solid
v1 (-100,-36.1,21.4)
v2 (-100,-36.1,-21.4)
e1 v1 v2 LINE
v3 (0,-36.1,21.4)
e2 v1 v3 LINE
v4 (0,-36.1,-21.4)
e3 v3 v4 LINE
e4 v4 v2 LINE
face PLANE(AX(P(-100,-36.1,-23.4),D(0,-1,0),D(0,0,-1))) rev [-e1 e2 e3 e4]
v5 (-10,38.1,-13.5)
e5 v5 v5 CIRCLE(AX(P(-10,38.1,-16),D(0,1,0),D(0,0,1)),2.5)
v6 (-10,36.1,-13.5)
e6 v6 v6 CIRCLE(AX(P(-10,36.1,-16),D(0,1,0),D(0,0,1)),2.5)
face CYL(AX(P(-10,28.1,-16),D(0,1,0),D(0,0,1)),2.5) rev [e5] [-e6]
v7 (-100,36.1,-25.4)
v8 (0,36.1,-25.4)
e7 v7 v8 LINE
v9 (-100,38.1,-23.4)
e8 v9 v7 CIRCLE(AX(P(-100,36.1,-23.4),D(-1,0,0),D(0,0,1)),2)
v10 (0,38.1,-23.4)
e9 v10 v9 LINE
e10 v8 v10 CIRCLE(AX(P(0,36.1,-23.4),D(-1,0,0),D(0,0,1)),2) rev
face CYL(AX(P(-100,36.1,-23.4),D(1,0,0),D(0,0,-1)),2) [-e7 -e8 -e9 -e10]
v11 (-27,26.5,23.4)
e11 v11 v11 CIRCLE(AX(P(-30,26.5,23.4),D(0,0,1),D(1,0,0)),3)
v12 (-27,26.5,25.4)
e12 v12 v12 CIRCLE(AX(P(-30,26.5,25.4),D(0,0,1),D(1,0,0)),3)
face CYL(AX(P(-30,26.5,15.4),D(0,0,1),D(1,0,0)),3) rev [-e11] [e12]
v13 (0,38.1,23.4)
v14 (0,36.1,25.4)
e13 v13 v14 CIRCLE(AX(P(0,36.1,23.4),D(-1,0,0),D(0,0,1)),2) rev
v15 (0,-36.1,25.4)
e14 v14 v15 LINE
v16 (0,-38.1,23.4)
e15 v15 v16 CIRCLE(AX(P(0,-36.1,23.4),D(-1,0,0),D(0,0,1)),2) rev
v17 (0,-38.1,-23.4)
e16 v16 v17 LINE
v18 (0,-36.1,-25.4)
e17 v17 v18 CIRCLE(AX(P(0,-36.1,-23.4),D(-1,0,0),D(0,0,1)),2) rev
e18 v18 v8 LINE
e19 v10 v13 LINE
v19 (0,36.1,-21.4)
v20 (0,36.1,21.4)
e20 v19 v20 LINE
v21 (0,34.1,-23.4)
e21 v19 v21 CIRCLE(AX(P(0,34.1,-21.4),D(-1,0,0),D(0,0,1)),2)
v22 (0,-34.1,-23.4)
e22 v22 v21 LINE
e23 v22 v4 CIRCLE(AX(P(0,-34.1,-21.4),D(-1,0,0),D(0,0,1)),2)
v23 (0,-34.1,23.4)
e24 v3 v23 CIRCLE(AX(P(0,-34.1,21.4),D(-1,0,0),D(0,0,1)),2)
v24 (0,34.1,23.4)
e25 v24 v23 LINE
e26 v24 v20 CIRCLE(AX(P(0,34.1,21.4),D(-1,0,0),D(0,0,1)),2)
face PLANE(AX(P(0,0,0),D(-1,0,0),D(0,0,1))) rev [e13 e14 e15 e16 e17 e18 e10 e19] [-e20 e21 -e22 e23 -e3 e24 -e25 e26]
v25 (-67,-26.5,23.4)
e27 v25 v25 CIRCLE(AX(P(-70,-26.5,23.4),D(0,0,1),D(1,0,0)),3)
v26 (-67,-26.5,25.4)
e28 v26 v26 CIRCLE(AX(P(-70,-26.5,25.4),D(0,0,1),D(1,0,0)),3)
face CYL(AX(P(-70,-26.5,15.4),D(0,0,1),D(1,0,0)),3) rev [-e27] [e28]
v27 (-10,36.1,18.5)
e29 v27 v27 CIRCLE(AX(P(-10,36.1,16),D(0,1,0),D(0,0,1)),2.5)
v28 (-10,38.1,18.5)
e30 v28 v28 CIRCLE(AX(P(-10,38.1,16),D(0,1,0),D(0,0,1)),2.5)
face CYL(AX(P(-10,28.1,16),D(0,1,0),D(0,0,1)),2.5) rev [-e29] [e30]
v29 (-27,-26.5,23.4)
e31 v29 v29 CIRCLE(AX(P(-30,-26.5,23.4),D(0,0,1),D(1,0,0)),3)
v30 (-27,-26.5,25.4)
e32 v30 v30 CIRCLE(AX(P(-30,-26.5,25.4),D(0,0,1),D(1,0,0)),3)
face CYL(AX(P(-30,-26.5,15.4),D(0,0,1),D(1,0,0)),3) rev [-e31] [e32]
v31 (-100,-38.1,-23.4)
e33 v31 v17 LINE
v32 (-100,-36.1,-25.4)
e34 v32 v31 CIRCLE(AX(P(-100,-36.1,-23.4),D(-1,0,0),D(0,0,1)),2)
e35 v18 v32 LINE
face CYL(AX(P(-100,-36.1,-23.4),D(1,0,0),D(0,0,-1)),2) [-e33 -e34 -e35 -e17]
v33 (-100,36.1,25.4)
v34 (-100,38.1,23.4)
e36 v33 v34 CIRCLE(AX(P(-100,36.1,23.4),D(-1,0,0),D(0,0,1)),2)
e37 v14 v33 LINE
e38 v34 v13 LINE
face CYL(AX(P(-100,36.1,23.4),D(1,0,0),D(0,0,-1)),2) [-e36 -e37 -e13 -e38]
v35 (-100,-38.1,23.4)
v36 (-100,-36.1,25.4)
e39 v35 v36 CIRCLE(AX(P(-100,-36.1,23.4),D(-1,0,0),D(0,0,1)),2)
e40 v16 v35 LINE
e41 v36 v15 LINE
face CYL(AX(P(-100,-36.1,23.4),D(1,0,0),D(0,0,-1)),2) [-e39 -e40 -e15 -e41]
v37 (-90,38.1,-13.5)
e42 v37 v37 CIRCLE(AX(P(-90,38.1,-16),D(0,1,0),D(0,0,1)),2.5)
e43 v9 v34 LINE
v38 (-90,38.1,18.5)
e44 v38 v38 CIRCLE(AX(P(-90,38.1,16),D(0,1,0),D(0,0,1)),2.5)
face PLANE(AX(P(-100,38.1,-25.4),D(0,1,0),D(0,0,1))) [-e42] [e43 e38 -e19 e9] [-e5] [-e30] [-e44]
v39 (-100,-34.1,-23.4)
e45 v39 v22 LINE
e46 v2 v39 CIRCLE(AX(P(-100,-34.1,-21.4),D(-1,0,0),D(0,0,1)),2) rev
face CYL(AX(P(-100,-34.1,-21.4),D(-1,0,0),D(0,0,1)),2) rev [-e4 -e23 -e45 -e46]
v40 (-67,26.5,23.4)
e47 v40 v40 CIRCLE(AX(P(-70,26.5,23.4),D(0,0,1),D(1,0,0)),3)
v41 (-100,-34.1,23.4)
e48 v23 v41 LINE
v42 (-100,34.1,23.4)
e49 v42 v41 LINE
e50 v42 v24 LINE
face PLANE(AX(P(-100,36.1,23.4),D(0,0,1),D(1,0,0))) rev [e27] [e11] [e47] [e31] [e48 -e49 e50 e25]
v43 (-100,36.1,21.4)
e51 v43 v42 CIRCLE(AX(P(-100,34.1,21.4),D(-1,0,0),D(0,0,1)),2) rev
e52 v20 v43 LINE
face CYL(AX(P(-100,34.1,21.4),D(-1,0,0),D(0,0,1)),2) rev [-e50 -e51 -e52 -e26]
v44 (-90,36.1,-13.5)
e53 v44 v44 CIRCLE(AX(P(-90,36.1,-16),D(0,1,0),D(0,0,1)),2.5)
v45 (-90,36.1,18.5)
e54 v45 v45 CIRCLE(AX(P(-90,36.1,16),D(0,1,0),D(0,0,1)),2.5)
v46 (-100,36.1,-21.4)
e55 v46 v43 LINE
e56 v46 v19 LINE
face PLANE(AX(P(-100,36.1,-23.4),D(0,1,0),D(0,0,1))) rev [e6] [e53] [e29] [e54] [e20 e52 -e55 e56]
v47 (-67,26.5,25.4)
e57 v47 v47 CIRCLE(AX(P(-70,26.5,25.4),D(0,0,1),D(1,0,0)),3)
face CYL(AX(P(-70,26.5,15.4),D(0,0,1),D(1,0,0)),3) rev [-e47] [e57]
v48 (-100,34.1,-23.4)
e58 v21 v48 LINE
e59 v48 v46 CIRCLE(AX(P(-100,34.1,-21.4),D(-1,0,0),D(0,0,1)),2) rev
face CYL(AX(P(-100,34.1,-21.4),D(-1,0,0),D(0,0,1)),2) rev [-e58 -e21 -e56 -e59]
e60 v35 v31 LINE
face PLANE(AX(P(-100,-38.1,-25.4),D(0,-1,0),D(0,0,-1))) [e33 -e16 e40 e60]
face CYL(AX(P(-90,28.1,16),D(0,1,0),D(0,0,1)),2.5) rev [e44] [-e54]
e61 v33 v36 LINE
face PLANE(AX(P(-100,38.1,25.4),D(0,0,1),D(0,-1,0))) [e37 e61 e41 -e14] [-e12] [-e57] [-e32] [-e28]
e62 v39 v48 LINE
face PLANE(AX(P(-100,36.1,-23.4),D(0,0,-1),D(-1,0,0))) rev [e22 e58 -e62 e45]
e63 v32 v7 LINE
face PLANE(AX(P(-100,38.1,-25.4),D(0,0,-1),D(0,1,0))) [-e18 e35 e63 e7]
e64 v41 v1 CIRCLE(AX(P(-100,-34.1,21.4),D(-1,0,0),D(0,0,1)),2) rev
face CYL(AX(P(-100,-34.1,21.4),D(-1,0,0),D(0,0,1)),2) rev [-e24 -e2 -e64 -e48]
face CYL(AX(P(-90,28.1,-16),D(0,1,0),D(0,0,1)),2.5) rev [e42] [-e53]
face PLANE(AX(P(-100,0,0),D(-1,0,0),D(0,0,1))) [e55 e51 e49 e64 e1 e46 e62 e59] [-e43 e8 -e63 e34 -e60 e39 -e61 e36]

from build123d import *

# Parameters (mm, degrees)
SKETCH1_W             = 50.8
SKETCH1_H             = 76.2
BOSS_EXTRUDE1_DEPTH   = 100
SKETCH2_W             = 46.8
SKETCH2_H             = 72.2
CUT_EXTRUDE1_DEPTH    = 110.985317202
FILLET2_R             = 2
CORTAR_EXTRUIR2_DEPTH = 10
CROQUIS8_R            = 2.5
CORTAR_EXTRUIR8_DEPTH = 10


with BuildPart() as part:
    # Sketch1 → Boss-Extrude1 (new body)
    with BuildSketch(Plane(origin=(0, 0, 0), x_dir=(0, 0, -1), z_dir=(1, 0, 0))):
        Rectangle(SKETCH1_W, SKETCH1_H)
    extrude(amount=-BOSS_EXTRUDE1_DEPTH)

    # Sketch2 → Cut-Extrude1 (cut, through all)
    with BuildSketch(Plane(origin=(0, 0, 0), x_dir=(0, 0, -1), z_dir=(1, 0, 0))):
        Rectangle(SKETCH2_W, SKETCH2_H)
    extrude(amount=-CUT_EXTRUDE1_DEPTH, mode=Mode.SUBTRACT)

    # Fillet2
    fillet2_edges = [part.edges().sort_by_distance(p)[0] for p in [
        (-50, -36.1, 23.4),
        (-50, 36.1, 23.4),
        (-50, 36.1, -23.4),
        (-50, -36.1, -23.4),
        (-50, 38.1, 25.4),
        (-50, 38.1, -25.4),
        (-50, -38.1, -25.4),
        (-50, -38.1, 25.4),
    ]]
    fillet(fillet2_edges, radius=FILLET2_R)

    # Croquis2 → Cortar-Extruir2 (cut)
    with BuildSketch(Plane.XY.offset(25.4)):
        with BuildLine():
            ThreePointArc((-27, 26.5), (-30, 29.5), (-33, 26.5))
            Line((-33, 26.5), (-30, 26.5))
            Line((-30, 26.5), (-30, 23.5))
            ThreePointArc((-30, 23.5), (-27.878679656, 24.378679656), (-27, 26.5))
        make_face()
        with BuildLine():
            Line((-30, 26.5), (-33, 26.5))
            ThreePointArc((-33, 26.5), (-32.121320344, 24.378679656), (-30, 23.5))
            Line((-30, 23.5), (-30, 26.5))
        make_face()
        with BuildLine():
            ThreePointArc((-70, 23.5), (-67.878679656, 24.378679656), (-67, 26.5))
            Line((-67, 26.5), (-70, 26.5))
            Line((-70, 26.5), (-70, 23.5))
        make_face()
        with BuildLine():
            Line((-70, 26.5), (-67, 26.5))
            ThreePointArc((-67, 26.5), (-72.121320344, 28.621320344), (-70, 23.5))
            Line((-70, 23.5), (-70, 26.5))
        make_face()
        with BuildLine():
            ThreePointArc((-67, -26.5), (-67.878679656, -24.378679656), (-70, -23.5))
            Line((-70, -23.5), (-70, -26.5))
            Line((-70, -26.5), (-67, -26.5))
        make_face()
        with BuildLine():
            Line((-70, -26.5), (-70, -23.5))
            ThreePointArc((-70, -23.5), (-72.121320344, -28.621320344), (-67, -26.5))
            Line((-67, -26.5), (-70, -26.5))
        make_face()
        with BuildLine():
            ThreePointArc((-27, -26.5), (-27.878679656, -24.378679656), (-30, -23.5))
            Line((-30, -23.5), (-30, -26.5))
            Line((-30, -26.5), (-33, -26.5))
            ThreePointArc((-33, -26.5), (-30, -29.5), (-27, -26.5))
        make_face()
        with BuildLine():
            Line((-30, -26.5), (-30, -23.5))
            ThreePointArc((-30, -23.5), (-32.121320344, -24.378679656), (-33, -26.5))
            Line((-33, -26.5), (-30, -26.5))
        make_face()
    extrude(amount=-CORTAR_EXTRUIR2_DEPTH, mode=Mode.SUBTRACT)

    # Croquis8 → Cortar-Extruir8 (cut)
    with BuildSketch(Plane(origin=(0, 38.1, 0), x_dir=(1, 0, 0), z_dir=(0, 1, 0))):
        with Locations(Location((-90, 16, 0), (0, 0, 270))):
            Circle(CROQUIS8_R)
        with Locations(Location((-10, 16, 0), (0, 0, 270))):
            Circle(CROQUIS8_R)
        with Locations(Location((-90, -16, 0), (0, 0, 270))):
            Circle(CROQUIS8_R)
        with Locations(Location((-10, -16, 0), (0, 0, 270))):
            Circle(CROQUIS8_R)
    extrude(amount=-CORTAR_EXTRUIR8_DEPTH, mode=Mode.SUBTRACT)


solid = part.part
